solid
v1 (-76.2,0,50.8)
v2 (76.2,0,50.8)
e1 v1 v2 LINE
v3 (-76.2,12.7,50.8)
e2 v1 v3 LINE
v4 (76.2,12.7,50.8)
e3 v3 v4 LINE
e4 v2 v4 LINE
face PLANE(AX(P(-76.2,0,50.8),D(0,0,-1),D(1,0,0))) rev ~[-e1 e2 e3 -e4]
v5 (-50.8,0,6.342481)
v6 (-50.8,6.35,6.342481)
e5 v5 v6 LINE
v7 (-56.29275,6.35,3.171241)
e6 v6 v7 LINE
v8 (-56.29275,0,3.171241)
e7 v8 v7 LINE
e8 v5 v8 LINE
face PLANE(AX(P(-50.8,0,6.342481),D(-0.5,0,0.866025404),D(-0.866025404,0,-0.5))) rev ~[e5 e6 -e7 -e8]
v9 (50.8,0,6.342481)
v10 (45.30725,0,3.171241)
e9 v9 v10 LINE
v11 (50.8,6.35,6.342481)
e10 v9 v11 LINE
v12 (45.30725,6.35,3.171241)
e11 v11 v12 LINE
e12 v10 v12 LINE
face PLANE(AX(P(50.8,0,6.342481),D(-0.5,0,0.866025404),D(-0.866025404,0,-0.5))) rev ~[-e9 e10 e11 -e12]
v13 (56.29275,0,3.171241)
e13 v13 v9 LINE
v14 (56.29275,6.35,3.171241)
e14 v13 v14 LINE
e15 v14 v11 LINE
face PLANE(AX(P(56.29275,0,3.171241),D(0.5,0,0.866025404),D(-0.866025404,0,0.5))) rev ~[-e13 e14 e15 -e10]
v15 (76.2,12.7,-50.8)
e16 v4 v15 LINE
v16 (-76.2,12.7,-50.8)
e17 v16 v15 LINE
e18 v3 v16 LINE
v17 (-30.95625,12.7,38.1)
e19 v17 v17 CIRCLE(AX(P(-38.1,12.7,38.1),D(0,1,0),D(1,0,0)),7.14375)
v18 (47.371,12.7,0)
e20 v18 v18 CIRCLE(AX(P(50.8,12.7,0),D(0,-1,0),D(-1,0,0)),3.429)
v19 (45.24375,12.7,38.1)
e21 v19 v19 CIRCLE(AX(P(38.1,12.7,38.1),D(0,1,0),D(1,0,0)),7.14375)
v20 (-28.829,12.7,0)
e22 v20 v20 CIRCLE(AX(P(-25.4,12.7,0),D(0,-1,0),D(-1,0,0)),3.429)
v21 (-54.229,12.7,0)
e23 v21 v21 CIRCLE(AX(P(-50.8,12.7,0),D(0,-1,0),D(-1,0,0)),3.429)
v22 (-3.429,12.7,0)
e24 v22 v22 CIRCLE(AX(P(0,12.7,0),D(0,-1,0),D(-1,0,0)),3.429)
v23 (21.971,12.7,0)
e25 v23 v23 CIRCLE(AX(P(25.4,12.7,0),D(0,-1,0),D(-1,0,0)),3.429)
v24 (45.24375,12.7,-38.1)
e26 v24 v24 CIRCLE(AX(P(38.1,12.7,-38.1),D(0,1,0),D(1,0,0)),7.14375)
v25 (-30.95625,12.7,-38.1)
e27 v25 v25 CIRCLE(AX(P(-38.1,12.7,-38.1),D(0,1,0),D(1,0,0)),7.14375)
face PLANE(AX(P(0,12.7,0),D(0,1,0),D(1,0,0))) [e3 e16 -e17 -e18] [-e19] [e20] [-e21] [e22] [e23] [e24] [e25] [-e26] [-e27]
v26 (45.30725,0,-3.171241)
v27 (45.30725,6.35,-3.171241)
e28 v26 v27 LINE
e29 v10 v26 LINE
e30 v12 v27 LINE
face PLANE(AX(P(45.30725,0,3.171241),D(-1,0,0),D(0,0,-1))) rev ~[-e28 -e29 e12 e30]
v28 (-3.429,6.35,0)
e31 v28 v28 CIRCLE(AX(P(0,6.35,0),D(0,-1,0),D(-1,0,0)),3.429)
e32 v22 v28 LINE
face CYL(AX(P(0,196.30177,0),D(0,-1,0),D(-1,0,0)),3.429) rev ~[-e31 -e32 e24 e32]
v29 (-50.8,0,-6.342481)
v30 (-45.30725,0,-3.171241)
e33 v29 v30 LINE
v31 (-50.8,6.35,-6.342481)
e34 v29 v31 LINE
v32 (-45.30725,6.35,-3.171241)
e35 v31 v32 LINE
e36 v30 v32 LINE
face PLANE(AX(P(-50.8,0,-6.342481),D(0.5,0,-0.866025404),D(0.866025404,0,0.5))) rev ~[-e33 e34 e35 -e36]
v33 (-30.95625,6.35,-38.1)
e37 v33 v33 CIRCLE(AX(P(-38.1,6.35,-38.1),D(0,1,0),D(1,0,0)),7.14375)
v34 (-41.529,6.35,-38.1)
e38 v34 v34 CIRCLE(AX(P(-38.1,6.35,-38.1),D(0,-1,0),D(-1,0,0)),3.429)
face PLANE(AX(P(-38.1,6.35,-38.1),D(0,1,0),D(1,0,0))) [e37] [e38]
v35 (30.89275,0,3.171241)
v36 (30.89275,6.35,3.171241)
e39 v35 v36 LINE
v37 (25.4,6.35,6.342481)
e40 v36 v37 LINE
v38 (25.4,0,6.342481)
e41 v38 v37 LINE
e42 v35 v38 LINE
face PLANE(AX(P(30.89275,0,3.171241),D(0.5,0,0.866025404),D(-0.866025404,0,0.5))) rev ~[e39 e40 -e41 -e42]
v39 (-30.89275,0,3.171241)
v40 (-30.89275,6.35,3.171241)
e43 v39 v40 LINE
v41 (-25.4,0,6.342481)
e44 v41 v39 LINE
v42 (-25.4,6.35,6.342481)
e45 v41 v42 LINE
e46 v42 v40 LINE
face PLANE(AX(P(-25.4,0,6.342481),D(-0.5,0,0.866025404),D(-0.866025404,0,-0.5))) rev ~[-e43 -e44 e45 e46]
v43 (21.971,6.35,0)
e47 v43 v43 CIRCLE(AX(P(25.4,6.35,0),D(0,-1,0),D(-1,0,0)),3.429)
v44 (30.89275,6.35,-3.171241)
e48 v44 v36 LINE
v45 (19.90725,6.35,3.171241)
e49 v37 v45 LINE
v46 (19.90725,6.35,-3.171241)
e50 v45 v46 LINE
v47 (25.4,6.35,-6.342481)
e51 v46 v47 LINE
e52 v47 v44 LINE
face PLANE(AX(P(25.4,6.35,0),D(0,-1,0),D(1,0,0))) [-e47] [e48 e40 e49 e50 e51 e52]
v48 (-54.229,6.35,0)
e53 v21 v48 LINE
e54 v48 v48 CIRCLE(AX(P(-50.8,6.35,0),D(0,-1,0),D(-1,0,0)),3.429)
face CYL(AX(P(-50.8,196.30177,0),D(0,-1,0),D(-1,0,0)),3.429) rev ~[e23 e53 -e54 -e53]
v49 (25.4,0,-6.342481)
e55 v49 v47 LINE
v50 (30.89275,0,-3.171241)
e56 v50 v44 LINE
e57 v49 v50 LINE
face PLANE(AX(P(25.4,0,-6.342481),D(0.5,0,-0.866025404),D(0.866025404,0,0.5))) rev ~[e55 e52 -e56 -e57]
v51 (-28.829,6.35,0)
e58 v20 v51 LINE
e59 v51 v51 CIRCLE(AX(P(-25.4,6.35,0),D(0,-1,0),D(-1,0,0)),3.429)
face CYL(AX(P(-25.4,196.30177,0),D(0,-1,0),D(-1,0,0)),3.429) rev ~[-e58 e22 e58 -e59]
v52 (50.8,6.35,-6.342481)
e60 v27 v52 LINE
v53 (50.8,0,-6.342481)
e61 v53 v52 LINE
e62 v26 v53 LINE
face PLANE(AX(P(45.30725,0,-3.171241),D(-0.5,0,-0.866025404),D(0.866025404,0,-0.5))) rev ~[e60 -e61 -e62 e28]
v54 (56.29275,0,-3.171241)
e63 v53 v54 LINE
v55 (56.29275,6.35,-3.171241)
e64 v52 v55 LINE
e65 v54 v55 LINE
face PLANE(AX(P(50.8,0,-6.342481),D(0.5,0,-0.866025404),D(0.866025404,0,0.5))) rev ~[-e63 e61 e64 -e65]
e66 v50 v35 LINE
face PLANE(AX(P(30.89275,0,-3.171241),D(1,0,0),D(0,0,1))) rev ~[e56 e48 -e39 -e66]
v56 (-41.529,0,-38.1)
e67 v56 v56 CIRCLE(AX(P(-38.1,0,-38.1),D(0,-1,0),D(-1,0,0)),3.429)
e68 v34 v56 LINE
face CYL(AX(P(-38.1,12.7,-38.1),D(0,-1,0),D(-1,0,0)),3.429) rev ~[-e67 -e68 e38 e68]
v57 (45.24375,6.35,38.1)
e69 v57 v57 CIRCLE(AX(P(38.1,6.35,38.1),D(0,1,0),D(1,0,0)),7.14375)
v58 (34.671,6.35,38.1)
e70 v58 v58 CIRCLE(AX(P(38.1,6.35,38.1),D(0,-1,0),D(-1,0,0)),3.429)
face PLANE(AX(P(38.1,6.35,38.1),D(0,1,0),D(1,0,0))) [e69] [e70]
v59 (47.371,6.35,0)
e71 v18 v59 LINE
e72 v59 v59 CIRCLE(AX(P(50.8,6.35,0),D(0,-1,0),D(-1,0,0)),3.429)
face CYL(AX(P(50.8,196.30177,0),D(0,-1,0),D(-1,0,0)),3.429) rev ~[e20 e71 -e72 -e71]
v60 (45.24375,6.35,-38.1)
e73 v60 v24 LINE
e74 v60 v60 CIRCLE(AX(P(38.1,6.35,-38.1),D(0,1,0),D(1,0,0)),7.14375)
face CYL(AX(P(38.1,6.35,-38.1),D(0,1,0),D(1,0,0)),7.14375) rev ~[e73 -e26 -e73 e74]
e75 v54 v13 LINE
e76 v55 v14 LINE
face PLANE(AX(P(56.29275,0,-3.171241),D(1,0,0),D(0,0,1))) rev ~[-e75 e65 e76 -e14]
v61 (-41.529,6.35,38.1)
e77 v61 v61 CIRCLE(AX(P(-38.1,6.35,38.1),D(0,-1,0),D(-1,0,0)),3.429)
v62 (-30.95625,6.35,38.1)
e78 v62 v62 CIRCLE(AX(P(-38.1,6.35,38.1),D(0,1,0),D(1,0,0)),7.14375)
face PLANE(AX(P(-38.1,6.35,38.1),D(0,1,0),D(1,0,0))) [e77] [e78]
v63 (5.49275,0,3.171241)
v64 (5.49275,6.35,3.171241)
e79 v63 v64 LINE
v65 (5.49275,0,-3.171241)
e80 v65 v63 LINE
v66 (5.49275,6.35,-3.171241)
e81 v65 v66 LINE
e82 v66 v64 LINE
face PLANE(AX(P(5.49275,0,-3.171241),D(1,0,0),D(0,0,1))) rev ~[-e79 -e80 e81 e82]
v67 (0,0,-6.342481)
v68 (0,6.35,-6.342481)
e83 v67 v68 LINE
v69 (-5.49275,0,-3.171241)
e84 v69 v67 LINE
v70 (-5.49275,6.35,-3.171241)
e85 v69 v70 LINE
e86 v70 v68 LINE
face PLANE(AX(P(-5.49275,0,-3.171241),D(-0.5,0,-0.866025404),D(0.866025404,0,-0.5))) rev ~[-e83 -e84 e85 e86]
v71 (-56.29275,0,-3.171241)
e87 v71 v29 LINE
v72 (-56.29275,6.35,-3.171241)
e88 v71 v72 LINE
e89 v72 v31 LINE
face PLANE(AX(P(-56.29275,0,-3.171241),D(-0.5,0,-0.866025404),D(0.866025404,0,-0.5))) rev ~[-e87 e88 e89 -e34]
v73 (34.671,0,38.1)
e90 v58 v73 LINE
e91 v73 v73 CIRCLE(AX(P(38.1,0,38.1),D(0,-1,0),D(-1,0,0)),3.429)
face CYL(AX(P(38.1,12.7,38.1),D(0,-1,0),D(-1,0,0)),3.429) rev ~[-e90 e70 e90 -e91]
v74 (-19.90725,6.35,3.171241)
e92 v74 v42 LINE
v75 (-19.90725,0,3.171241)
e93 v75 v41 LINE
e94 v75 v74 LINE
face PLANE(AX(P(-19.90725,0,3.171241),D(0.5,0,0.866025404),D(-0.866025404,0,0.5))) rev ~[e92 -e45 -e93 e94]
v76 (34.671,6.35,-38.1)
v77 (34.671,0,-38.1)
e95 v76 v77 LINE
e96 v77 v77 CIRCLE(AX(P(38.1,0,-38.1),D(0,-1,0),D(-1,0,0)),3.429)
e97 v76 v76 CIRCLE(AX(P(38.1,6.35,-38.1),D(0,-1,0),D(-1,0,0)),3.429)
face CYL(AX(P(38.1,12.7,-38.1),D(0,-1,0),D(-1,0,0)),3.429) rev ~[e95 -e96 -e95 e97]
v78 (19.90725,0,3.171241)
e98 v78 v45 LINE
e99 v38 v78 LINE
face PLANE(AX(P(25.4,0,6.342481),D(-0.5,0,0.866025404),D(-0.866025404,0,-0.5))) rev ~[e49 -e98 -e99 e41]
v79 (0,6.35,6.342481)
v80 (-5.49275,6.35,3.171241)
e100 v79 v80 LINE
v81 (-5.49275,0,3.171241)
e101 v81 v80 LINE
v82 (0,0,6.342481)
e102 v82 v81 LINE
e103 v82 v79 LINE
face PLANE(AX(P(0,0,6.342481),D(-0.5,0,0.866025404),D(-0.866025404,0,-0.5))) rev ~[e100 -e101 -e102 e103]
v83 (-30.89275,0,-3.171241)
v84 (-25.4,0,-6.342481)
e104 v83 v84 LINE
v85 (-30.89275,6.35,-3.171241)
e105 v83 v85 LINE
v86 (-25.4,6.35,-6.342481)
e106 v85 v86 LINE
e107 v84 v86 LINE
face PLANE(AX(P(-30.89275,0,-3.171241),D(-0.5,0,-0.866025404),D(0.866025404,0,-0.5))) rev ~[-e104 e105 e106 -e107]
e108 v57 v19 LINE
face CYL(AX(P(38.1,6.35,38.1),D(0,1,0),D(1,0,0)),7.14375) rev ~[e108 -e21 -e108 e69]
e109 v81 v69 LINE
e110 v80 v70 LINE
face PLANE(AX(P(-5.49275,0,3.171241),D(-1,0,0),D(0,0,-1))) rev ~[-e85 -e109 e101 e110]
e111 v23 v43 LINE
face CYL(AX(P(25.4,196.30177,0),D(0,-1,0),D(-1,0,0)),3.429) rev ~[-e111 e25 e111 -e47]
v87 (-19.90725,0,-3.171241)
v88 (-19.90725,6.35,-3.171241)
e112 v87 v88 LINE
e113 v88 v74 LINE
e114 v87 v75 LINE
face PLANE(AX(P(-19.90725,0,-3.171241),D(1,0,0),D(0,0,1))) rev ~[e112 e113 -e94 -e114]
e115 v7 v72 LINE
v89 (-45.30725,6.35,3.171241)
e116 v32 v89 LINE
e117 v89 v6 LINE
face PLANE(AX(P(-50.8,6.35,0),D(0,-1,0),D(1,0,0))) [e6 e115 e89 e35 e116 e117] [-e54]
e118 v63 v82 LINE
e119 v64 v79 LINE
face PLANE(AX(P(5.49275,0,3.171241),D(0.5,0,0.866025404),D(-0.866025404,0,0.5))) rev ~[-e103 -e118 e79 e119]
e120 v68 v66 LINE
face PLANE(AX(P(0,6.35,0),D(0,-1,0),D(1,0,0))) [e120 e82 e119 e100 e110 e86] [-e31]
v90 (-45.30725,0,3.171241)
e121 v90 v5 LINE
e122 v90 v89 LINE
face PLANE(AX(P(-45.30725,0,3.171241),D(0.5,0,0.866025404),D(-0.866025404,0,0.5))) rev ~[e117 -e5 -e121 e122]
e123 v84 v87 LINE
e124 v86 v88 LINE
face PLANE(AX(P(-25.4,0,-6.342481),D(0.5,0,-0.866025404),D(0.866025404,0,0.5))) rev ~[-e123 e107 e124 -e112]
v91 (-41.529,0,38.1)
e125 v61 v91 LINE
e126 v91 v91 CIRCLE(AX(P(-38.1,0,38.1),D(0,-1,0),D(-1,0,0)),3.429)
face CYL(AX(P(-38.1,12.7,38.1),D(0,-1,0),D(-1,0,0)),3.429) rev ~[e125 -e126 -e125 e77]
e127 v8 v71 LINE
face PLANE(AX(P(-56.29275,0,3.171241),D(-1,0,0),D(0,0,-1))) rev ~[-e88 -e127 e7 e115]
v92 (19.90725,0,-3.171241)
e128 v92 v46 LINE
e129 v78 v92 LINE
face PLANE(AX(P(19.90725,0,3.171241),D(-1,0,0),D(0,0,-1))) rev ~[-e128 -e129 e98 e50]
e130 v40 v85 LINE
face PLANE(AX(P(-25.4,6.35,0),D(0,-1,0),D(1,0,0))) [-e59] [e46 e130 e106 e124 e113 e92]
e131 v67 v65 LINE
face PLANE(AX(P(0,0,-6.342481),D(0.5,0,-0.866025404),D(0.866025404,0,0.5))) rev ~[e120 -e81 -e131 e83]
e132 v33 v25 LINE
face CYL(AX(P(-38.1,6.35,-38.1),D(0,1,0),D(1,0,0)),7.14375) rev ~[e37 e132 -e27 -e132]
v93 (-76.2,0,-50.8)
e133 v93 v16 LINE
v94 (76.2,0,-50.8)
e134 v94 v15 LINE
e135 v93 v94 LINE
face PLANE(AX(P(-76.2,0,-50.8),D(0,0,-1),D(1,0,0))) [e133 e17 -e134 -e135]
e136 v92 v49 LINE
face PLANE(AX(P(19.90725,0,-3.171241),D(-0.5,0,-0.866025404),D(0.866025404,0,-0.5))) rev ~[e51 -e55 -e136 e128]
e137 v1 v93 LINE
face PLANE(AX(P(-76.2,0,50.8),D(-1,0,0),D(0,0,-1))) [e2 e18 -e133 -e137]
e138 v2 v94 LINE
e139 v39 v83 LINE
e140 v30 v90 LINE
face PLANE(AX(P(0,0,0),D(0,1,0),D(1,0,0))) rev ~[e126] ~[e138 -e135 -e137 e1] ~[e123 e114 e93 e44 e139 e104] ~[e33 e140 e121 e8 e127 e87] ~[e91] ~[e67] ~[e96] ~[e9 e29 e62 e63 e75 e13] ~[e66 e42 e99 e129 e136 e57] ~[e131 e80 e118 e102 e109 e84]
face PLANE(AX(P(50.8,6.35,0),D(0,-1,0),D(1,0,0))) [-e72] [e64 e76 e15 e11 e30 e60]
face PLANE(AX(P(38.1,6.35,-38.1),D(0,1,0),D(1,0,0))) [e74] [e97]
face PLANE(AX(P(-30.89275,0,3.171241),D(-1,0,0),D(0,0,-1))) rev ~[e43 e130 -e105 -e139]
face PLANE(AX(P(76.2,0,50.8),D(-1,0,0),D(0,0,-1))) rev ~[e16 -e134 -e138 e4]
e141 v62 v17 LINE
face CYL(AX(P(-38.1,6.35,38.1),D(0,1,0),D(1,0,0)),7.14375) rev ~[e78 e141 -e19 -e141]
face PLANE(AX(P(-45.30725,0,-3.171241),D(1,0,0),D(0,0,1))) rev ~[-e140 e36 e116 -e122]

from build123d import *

# Parameters (mm, degrees)
SKETCH1_W                                            = 152.4
SKETCH1_H                                            = 101.6
BOSS_EXTRUDE1_DEPTH                                  = 12.7
CBORE_FOR_1_4_BINDING_HEAD_MACHINE_SCREW_D           = 6.858
CBORE_FOR_1_4_BINDING_HEAD_MACHINE_SCREW_CBORE_D     = 14.2875
CBORE_FOR_1_4_BINDING_HEAD_MACHINE_SCREW_CBORE_DEPTH = 6.35
F_1_4_0_25_DIAMETER_HOLE1_D                          = 6.858
CUT_EXTRUDE1_DEPTH                                   = 6.35


with BuildPart() as part:
    # Sketch1 → Boss-Extrude1 (new body)
    with BuildSketch(Plane(origin=(0, 0, 0), x_dir=(1, 0, 0), z_dir=(0, 1, 0))):
        Rectangle(SKETCH1_W, SKETCH1_H)
    extrude(amount=BOSS_EXTRUDE1_DEPTH)

    # CBORE for 1/4 Binding Head Machine Screw1 (through all)
    with Locations(Plane(origin=(0, 12.7, 0), x_dir=(1, 0, 0), z_dir=(0, 1, 0))):
        with Locations((-38.1, 38.1), (38.1, 38.1), (38.1, -38.1), (-38.1, -38.1)):
            CounterBoreHole(CBORE_FOR_1_4_BINDING_HEAD_MACHINE_SCREW_D / 2, CBORE_FOR_1_4_BINDING_HEAD_MACHINE_SCREW_CBORE_D / 2, CBORE_FOR_1_4_BINDING_HEAD_MACHINE_SCREW_CBORE_DEPTH)

    # 1/4 (0.25) Diameter Hole1 (through all)
    with Locations(Plane(origin=(0, 12.7, 0), x_dir=(1, 0, 0), z_dir=(0, 1, 0))):
        with Locations((0, 0), (25.4, 0), (50.8, 0), (-25.4, 0), (-50.8, 0)):
            Hole(F_1_4_0_25_DIAMETER_HOLE1_D / 2)

    # Sketch6 → Cut-Extrude1 (cut)
    with BuildSketch(Plane.XZ):
        Polygon((19.90725, -3.171240691), (25.4, -6.342481382), (30.89275, -3.171240691), (30.89275, 3.171240691), (25.4, 6.342481382), (19.90725, 3.171240691), align=None)
        Polygon((50.8, 6.342481382), (45.30725, 3.171240691), (45.30725, -3.171240691), (50.8, -6.342481382), (56.29275, -3.171240691), (56.29275, 3.171240691), align=None)
        Polygon((-5.49275, -3.171240691), (0, -6.342481382), (5.49275, -3.171240691), (5.49275, 3.171240691), (0, 6.342481382), (-5.49275, 3.171240691), align=None)
        Polygon((-30.89275, -3.171240691), (-25.4, -6.342481382), (-19.90725, -3.171240691), (-19.90725, 3.171240691), (-25.4, 6.342481382), (-30.89275, 3.171240691), align=None)
        Polygon((-56.29275, -3.171240691), (-50.8, -6.342481382), (-45.30725, -3.171240691), (-45.30725, 3.171240691), (-50.8, 6.342481382), (-56.29275, 3.171240691), align=None)
    extrude(amount=-CUT_EXTRUDE1_DEPTH, mode=Mode.SUBTRACT)


solid = part.part
